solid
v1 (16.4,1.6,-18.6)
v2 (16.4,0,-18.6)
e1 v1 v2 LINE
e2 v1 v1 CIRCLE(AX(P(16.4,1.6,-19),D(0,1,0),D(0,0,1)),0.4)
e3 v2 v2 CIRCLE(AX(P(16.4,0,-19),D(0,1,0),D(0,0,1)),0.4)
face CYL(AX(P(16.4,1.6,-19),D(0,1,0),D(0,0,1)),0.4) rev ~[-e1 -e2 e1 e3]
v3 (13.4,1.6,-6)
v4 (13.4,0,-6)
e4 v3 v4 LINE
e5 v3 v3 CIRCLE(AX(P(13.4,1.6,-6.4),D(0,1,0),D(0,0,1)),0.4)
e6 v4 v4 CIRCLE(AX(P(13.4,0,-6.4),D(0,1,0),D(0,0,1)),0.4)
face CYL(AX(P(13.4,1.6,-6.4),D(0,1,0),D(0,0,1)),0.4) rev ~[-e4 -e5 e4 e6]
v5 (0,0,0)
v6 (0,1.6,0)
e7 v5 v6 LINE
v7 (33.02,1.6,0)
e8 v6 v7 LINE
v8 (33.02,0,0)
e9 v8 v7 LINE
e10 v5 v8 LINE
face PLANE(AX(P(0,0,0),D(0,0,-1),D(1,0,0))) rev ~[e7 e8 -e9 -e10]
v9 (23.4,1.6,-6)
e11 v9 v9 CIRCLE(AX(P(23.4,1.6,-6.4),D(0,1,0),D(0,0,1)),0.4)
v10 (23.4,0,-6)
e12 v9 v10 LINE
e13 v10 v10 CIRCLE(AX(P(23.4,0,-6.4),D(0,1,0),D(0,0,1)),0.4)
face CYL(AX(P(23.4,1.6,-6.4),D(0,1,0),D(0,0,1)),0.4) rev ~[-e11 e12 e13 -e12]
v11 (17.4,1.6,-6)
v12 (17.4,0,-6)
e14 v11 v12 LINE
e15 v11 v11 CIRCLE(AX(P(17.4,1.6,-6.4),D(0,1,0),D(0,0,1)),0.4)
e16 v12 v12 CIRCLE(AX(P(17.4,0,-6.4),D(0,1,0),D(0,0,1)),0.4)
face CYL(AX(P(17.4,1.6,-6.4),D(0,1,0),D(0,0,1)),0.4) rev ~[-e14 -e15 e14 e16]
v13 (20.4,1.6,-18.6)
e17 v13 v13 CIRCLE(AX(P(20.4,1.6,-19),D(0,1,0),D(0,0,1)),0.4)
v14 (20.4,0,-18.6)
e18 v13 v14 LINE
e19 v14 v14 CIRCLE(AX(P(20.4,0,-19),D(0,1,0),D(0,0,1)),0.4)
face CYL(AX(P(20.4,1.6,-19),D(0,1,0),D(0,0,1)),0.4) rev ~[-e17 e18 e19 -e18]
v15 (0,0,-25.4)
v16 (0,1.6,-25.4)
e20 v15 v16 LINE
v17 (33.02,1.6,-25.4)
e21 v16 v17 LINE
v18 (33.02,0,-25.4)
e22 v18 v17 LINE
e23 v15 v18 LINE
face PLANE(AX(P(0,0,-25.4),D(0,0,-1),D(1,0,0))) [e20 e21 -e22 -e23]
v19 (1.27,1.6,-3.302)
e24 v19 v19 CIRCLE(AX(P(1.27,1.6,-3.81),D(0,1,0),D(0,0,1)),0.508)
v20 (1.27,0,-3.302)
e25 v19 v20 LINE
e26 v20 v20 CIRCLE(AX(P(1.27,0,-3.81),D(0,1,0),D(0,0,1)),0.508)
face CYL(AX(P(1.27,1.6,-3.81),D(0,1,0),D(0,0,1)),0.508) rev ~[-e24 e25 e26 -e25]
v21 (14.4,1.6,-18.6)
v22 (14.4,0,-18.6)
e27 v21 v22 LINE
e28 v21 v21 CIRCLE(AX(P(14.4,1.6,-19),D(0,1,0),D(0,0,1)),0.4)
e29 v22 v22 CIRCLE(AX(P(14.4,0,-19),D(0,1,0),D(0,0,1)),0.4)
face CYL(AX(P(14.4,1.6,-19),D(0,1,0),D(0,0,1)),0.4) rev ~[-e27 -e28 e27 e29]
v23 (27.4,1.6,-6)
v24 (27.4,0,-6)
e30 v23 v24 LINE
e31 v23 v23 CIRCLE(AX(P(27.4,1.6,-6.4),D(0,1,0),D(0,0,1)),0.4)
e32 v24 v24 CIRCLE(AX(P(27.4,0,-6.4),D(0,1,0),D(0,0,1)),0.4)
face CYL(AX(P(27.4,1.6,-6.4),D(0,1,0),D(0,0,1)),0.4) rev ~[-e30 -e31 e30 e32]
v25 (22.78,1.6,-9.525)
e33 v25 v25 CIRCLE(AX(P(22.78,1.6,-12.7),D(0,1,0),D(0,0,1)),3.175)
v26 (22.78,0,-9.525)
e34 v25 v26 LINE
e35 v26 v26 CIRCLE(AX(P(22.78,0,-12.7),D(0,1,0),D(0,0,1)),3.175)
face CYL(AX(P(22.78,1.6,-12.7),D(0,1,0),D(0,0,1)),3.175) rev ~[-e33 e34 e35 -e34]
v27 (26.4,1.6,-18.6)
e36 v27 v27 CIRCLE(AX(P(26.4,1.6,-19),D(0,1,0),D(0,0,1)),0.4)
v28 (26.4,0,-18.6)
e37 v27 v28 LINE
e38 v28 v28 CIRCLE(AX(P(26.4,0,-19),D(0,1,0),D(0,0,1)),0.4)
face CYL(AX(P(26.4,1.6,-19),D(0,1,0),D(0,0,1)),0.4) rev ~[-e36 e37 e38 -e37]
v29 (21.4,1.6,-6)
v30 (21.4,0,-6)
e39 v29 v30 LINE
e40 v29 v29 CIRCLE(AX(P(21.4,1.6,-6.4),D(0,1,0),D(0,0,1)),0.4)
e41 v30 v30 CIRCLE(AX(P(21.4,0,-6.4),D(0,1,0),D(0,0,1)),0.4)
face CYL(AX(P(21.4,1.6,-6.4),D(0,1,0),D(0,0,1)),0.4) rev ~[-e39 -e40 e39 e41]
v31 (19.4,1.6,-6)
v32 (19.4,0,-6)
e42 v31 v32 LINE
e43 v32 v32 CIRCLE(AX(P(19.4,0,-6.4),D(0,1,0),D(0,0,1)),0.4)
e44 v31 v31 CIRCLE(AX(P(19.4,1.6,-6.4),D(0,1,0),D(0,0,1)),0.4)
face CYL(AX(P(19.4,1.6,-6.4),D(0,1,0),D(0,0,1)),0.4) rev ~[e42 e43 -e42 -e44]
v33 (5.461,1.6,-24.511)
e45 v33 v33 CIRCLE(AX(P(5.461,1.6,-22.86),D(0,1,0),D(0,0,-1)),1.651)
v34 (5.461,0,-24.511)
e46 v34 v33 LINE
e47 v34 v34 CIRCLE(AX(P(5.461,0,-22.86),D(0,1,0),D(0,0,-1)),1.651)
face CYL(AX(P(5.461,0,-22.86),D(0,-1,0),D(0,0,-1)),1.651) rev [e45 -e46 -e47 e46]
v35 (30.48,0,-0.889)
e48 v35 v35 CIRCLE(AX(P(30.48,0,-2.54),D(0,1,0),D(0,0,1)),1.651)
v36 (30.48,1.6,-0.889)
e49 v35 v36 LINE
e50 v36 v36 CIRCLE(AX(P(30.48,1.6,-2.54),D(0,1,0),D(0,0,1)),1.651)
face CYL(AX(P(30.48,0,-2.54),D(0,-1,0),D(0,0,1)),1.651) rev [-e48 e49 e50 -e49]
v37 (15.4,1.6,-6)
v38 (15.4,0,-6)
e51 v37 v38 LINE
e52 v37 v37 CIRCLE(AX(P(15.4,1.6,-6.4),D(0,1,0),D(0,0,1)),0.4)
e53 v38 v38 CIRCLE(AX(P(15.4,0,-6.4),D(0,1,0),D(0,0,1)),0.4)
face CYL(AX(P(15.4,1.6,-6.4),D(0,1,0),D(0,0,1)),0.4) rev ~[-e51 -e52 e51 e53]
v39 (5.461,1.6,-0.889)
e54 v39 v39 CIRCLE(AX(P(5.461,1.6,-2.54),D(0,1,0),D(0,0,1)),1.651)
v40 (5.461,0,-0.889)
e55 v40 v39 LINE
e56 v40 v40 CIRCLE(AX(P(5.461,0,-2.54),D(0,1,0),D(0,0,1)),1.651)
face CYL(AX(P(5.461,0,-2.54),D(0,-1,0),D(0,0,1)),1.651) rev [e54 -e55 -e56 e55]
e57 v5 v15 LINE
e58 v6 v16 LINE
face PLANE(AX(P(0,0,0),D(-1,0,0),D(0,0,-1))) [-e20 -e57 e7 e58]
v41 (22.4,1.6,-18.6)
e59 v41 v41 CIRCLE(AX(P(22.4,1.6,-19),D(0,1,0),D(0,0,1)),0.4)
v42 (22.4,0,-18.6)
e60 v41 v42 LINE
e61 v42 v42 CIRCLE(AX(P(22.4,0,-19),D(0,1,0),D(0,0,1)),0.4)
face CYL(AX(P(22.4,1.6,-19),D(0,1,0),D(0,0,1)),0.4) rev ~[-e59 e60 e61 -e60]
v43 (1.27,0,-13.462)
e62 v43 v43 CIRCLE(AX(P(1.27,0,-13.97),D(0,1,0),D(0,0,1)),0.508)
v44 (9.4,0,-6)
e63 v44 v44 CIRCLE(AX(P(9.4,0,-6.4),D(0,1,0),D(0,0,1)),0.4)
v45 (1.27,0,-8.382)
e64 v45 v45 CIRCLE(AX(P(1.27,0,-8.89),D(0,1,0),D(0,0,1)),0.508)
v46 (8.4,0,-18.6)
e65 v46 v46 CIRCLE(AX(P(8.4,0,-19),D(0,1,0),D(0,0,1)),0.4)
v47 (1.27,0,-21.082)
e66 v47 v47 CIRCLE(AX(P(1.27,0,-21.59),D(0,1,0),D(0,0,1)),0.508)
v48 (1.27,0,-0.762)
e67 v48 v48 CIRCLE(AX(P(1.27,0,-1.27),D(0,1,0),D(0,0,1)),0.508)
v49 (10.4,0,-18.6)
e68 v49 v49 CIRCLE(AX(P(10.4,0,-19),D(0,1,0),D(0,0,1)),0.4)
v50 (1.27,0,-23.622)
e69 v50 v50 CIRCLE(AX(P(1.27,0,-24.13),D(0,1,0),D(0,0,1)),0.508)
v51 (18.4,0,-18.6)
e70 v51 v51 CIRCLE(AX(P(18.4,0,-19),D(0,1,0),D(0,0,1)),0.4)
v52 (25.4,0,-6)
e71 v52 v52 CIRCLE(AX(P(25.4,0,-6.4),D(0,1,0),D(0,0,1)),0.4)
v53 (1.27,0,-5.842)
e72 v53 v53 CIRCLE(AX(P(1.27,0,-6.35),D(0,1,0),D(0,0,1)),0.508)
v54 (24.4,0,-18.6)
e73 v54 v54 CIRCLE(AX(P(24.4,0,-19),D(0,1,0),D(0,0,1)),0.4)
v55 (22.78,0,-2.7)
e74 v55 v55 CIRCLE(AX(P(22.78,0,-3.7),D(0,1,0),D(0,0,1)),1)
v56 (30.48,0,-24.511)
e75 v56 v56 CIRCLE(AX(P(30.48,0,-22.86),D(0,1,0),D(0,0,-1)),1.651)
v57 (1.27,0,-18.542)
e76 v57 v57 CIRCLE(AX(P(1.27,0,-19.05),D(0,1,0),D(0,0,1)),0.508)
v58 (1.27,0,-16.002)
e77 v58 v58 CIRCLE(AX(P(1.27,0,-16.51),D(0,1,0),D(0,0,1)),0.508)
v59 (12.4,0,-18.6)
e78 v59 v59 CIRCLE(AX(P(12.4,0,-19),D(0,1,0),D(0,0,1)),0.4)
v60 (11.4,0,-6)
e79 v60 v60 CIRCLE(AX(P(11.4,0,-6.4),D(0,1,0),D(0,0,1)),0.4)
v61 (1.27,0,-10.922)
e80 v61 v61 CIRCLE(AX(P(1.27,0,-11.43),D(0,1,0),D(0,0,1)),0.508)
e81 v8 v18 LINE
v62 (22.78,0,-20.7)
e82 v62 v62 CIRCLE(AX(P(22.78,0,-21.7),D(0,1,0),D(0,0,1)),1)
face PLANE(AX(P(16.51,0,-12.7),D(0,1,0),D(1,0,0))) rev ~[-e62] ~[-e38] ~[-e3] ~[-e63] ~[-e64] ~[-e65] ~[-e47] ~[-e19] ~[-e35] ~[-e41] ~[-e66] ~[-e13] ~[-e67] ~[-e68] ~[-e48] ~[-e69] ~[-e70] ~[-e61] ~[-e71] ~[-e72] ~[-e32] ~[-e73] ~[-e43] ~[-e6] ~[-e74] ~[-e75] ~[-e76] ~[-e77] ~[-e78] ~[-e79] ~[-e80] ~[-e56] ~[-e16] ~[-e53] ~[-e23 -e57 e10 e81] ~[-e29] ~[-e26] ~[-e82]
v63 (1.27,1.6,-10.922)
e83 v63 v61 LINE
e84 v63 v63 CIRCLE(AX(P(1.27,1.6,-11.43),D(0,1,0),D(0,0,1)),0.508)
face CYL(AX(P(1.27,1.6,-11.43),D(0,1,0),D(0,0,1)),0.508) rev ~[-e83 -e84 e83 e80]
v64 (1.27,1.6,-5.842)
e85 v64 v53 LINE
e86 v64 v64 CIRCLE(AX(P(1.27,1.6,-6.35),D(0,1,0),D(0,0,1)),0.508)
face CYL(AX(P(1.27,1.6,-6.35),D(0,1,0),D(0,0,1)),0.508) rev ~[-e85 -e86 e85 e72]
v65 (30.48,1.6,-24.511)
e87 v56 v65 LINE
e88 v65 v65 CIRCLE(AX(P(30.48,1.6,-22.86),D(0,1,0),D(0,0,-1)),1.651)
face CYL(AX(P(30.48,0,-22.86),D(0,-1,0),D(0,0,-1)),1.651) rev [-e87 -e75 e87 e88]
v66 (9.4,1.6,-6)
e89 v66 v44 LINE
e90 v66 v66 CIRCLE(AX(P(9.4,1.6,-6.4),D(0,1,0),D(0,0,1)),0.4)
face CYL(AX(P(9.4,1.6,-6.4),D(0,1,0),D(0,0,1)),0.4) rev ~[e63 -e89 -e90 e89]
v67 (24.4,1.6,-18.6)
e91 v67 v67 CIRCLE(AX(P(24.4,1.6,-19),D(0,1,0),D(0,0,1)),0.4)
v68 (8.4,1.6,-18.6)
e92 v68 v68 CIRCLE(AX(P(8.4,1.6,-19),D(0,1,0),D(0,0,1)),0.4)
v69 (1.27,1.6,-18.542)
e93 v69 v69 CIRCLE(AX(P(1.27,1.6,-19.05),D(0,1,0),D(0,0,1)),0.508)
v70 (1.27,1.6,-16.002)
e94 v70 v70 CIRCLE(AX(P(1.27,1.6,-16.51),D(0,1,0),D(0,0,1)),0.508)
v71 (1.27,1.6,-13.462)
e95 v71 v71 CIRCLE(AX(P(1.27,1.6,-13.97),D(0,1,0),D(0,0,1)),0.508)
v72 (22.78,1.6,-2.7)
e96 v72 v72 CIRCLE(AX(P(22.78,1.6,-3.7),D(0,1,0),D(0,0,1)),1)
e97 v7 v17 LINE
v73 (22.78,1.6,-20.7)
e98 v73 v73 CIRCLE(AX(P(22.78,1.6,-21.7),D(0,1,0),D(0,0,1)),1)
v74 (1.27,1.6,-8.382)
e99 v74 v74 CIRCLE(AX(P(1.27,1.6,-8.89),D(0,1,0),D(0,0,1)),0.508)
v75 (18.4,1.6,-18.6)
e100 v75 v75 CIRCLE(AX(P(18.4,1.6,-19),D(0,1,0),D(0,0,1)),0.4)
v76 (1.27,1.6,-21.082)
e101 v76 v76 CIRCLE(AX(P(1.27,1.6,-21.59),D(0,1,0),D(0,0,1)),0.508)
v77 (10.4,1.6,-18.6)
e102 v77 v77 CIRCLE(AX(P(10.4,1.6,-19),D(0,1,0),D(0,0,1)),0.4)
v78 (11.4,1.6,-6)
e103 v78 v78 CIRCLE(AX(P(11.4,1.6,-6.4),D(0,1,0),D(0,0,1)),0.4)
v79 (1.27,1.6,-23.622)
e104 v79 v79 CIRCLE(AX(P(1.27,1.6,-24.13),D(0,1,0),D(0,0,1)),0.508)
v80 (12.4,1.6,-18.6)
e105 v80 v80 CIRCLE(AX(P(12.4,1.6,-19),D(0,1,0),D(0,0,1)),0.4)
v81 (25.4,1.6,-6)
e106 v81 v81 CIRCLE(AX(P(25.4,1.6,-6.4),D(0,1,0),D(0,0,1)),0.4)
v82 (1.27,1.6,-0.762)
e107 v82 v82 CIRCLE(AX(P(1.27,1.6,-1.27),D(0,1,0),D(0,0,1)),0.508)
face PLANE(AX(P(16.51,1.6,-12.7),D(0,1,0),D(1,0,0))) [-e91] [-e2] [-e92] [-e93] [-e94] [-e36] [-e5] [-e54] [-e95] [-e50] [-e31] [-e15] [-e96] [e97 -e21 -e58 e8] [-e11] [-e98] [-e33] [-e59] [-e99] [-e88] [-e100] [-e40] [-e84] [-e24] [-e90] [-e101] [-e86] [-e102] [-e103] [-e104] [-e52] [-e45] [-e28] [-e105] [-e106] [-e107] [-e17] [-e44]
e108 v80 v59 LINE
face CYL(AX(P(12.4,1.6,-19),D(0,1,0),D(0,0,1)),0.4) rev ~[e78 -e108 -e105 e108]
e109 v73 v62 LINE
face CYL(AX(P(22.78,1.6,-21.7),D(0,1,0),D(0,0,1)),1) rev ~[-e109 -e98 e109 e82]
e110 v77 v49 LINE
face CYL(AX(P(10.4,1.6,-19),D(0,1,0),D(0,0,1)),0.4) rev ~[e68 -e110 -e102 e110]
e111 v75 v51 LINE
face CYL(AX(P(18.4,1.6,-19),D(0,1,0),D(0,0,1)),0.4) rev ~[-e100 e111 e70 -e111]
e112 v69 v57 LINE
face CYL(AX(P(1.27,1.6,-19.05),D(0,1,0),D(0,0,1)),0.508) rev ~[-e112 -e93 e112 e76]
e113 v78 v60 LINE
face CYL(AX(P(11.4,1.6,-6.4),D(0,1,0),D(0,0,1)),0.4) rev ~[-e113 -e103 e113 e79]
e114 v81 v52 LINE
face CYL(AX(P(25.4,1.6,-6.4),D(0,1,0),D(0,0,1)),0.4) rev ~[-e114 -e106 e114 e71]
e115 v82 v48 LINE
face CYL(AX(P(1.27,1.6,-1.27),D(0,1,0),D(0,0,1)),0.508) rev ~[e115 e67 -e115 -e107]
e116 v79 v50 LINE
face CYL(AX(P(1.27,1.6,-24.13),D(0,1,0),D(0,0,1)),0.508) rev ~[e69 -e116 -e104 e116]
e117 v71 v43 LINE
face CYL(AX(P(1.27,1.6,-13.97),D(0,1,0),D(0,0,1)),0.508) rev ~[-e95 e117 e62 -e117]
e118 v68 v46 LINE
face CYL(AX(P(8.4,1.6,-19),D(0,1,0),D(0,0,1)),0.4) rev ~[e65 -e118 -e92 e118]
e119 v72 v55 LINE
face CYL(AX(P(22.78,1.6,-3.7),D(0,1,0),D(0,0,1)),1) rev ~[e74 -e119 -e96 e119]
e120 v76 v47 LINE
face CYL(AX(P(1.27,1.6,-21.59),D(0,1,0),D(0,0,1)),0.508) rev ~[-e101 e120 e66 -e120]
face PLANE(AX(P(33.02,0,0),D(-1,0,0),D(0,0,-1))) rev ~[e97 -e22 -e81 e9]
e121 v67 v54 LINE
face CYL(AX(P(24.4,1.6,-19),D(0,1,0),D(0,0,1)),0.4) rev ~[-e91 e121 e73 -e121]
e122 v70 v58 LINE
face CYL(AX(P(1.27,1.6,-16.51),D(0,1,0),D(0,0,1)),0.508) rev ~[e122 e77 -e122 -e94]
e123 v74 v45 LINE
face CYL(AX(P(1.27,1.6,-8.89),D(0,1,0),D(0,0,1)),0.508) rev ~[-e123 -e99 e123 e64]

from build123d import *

# Parameters (mm, degrees)
SKETCH1_W           = 33.02
SKETCH1_H           = 25.4
SKETCH1_R           = 1.651
BOSS_EXTRUDE1_DEPTH = 1.6
SKETCH2_R           = 3.175
SKETCH2_R_2         = 0.4
SKETCH2_R_3         = 1
CUT_EXTRUDE1_DEPTH  = 42.689811705
SKETCH3_R           = 0.508
CUT_EXTRUDE2_DEPTH  = 42.689811705


with BuildPart() as part:
    # Sketch1 → Boss-Extrude1 (new body)
    with BuildSketch(Plane(origin=(0, 0, 0), x_dir=(1, 0, 0), z_dir=(0, 1, 0))):
        with Locations((16.51, 12.7)):
            Rectangle(SKETCH1_W, SKETCH1_H)
        with Locations(Location((5.461, 2.54, 0), (0, 0, 270))):
            Circle(SKETCH1_R, mode=Mode.SUBTRACT)
        with Locations(Location((30.48, 2.54, 0), (0, 0, 270))):
            Circle(SKETCH1_R, mode=Mode.SUBTRACT)
        with Locations(Location((30.48, 22.86, 0), (0, 0, 90))):
            Circle(SKETCH1_R, mode=Mode.SUBTRACT)
        with Locations(Location((5.461, 22.86, 0), (0, 0, 90))):
            Circle(SKETCH1_R, mode=Mode.SUBTRACT)
    extrude(amount=BOSS_EXTRUDE1_DEPTH)

    # Sketch2 → Cut-Extrude1 (cut, through all)
    with BuildSketch(Plane(origin=(0, 1.6, 0), x_dir=(1, 0, 0), z_dir=(0, 1, 0))):
        with Locations(Location((22.78, 12.7, 0), (0, 0, 270))):
            Circle(SKETCH2_R)
        with Locations(Location((27.4, 6.4, 0), (0, 0, 270))):
            Circle(SKETCH2_R_2)
        with Locations(Location((25.4, 6.4, 0), (0, 0, 270))):
            Circle(SKETCH2_R_2)
        with Locations(Location((23.4, 6.4, 0), (0, 0, 270))):
            Circle(SKETCH2_R_2)
        with Locations(Location((21.4, 6.4, 0), (0, 0, 270))):
            Circle(SKETCH2_R_2)
        with Locations(Location((19.4, 6.4, 0), (0, 0, 270))):
            Circle(SKETCH2_R_2)
        with Locations(Location((17.4, 6.4, 0), (0, 0, 270))):
            Circle(SKETCH2_R_2)
        with Locations(Location((15.4, 6.4, 0), (0, 0, 270))):
            Circle(SKETCH2_R_2)
        with Locations(Location((13.4, 6.4, 0), (0, 0, 270))):
            Circle(SKETCH2_R_2)
        with Locations(Location((11.4, 6.4, 0), (0, 0, 270))):
            Circle(SKETCH2_R_2)
        with Locations(Location((9.4, 6.4, 0), (0, 0, 270))):
            Circle(SKETCH2_R_2)
        with Locations(Location((26.4, 19, 0), (0, 0, 270))):
            Circle(SKETCH2_R_2)
        with Locations(Location((24.4, 19, 0), (0, 0, 270))):
            Circle(SKETCH2_R_2)
        with Locations(Location((22.4, 19, 0), (0, 0, 270))):
            Circle(SKETCH2_R_2)
        with Locations(Location((20.4, 19, 0), (0, 0, 270))):
            Circle(SKETCH2_R_2)
        with Locations(Location((18.4, 19, 0), (0, 0, 270))):
            Circle(SKETCH2_R_2)
        with Locations(Location((16.4, 19, 0), (0, 0, 270))):
            Circle(SKETCH2_R_2)
        with Locations(Location((14.4, 19, 0), (0, 0, 270))):
            Circle(SKETCH2_R_2)
        with Locations(Location((12.4, 19, 0), (0, 0, 270))):
            Circle(SKETCH2_R_2)
        with Locations(Location((10.4, 19, 0), (0, 0, 270))):
            Circle(SKETCH2_R_2)
        with Locations(Location((8.4, 19, 0), (0, 0, 270))):
            Circle(SKETCH2_R_2)
        with Locations(Location((22.78, 3.7, 0), (0, 0, 270))):
            Circle(SKETCH2_R_3)
        with Locations(Location((22.78, 21.7, 0), (0, 0, 270))):
            Circle(SKETCH2_R_3)
    extrude(amount=-CUT_EXTRUDE1_DEPTH, mode=Mode.SUBTRACT)

    # Sketch3 → Cut-Extrude2 (cut, through all)
    with BuildSketch(Plane(origin=(0, 1.6, 0), x_dir=(1, 0, 0), z_dir=(0, 1, 0))):
        with Locations(Location((1.27, 1.27, 0), (0, 0, 270))):
            Circle(SKETCH3_R)
        with Locations(Location((1.27, 3.81, 0), (0, 0, 270))):
            Circle(SKETCH3_R)
        with Locations(Location((1.27, 6.35, 0), (0, 0, 270))):
            Circle(SKETCH3_R)
        with Locations(Location((1.27, 8.89, 0), (0, 0, 270))):
            Circle(SKETCH3_R)
        with Locations(Location((1.27, 11.43, 0), (0, 0, 270))):
            Circle(SKETCH3_R)
        with Locations(Location((1.27, 13.97, 0), (0, 0, 270))):
            Circle(SKETCH3_R)
        with Locations(Location((1.27, 16.51, 0), (0, 0, 270))):
            Circle(SKETCH3_R)
        with Locations(Location((1.27, 19.05, 0), (0, 0, 270))):
            Circle(SKETCH3_R)
        with Locations(Location((1.27, 21.59, 0), (0, 0, 270))):
            Circle(SKETCH3_R)
        with Locations(Location((1.27, 24.13, 0), (0, 0, 270))):
            Circle(SKETCH3_R)
    extrude(amount=-CUT_EXTRUDE2_DEPTH, mode=Mode.SUBTRACT)


solid = part.part
